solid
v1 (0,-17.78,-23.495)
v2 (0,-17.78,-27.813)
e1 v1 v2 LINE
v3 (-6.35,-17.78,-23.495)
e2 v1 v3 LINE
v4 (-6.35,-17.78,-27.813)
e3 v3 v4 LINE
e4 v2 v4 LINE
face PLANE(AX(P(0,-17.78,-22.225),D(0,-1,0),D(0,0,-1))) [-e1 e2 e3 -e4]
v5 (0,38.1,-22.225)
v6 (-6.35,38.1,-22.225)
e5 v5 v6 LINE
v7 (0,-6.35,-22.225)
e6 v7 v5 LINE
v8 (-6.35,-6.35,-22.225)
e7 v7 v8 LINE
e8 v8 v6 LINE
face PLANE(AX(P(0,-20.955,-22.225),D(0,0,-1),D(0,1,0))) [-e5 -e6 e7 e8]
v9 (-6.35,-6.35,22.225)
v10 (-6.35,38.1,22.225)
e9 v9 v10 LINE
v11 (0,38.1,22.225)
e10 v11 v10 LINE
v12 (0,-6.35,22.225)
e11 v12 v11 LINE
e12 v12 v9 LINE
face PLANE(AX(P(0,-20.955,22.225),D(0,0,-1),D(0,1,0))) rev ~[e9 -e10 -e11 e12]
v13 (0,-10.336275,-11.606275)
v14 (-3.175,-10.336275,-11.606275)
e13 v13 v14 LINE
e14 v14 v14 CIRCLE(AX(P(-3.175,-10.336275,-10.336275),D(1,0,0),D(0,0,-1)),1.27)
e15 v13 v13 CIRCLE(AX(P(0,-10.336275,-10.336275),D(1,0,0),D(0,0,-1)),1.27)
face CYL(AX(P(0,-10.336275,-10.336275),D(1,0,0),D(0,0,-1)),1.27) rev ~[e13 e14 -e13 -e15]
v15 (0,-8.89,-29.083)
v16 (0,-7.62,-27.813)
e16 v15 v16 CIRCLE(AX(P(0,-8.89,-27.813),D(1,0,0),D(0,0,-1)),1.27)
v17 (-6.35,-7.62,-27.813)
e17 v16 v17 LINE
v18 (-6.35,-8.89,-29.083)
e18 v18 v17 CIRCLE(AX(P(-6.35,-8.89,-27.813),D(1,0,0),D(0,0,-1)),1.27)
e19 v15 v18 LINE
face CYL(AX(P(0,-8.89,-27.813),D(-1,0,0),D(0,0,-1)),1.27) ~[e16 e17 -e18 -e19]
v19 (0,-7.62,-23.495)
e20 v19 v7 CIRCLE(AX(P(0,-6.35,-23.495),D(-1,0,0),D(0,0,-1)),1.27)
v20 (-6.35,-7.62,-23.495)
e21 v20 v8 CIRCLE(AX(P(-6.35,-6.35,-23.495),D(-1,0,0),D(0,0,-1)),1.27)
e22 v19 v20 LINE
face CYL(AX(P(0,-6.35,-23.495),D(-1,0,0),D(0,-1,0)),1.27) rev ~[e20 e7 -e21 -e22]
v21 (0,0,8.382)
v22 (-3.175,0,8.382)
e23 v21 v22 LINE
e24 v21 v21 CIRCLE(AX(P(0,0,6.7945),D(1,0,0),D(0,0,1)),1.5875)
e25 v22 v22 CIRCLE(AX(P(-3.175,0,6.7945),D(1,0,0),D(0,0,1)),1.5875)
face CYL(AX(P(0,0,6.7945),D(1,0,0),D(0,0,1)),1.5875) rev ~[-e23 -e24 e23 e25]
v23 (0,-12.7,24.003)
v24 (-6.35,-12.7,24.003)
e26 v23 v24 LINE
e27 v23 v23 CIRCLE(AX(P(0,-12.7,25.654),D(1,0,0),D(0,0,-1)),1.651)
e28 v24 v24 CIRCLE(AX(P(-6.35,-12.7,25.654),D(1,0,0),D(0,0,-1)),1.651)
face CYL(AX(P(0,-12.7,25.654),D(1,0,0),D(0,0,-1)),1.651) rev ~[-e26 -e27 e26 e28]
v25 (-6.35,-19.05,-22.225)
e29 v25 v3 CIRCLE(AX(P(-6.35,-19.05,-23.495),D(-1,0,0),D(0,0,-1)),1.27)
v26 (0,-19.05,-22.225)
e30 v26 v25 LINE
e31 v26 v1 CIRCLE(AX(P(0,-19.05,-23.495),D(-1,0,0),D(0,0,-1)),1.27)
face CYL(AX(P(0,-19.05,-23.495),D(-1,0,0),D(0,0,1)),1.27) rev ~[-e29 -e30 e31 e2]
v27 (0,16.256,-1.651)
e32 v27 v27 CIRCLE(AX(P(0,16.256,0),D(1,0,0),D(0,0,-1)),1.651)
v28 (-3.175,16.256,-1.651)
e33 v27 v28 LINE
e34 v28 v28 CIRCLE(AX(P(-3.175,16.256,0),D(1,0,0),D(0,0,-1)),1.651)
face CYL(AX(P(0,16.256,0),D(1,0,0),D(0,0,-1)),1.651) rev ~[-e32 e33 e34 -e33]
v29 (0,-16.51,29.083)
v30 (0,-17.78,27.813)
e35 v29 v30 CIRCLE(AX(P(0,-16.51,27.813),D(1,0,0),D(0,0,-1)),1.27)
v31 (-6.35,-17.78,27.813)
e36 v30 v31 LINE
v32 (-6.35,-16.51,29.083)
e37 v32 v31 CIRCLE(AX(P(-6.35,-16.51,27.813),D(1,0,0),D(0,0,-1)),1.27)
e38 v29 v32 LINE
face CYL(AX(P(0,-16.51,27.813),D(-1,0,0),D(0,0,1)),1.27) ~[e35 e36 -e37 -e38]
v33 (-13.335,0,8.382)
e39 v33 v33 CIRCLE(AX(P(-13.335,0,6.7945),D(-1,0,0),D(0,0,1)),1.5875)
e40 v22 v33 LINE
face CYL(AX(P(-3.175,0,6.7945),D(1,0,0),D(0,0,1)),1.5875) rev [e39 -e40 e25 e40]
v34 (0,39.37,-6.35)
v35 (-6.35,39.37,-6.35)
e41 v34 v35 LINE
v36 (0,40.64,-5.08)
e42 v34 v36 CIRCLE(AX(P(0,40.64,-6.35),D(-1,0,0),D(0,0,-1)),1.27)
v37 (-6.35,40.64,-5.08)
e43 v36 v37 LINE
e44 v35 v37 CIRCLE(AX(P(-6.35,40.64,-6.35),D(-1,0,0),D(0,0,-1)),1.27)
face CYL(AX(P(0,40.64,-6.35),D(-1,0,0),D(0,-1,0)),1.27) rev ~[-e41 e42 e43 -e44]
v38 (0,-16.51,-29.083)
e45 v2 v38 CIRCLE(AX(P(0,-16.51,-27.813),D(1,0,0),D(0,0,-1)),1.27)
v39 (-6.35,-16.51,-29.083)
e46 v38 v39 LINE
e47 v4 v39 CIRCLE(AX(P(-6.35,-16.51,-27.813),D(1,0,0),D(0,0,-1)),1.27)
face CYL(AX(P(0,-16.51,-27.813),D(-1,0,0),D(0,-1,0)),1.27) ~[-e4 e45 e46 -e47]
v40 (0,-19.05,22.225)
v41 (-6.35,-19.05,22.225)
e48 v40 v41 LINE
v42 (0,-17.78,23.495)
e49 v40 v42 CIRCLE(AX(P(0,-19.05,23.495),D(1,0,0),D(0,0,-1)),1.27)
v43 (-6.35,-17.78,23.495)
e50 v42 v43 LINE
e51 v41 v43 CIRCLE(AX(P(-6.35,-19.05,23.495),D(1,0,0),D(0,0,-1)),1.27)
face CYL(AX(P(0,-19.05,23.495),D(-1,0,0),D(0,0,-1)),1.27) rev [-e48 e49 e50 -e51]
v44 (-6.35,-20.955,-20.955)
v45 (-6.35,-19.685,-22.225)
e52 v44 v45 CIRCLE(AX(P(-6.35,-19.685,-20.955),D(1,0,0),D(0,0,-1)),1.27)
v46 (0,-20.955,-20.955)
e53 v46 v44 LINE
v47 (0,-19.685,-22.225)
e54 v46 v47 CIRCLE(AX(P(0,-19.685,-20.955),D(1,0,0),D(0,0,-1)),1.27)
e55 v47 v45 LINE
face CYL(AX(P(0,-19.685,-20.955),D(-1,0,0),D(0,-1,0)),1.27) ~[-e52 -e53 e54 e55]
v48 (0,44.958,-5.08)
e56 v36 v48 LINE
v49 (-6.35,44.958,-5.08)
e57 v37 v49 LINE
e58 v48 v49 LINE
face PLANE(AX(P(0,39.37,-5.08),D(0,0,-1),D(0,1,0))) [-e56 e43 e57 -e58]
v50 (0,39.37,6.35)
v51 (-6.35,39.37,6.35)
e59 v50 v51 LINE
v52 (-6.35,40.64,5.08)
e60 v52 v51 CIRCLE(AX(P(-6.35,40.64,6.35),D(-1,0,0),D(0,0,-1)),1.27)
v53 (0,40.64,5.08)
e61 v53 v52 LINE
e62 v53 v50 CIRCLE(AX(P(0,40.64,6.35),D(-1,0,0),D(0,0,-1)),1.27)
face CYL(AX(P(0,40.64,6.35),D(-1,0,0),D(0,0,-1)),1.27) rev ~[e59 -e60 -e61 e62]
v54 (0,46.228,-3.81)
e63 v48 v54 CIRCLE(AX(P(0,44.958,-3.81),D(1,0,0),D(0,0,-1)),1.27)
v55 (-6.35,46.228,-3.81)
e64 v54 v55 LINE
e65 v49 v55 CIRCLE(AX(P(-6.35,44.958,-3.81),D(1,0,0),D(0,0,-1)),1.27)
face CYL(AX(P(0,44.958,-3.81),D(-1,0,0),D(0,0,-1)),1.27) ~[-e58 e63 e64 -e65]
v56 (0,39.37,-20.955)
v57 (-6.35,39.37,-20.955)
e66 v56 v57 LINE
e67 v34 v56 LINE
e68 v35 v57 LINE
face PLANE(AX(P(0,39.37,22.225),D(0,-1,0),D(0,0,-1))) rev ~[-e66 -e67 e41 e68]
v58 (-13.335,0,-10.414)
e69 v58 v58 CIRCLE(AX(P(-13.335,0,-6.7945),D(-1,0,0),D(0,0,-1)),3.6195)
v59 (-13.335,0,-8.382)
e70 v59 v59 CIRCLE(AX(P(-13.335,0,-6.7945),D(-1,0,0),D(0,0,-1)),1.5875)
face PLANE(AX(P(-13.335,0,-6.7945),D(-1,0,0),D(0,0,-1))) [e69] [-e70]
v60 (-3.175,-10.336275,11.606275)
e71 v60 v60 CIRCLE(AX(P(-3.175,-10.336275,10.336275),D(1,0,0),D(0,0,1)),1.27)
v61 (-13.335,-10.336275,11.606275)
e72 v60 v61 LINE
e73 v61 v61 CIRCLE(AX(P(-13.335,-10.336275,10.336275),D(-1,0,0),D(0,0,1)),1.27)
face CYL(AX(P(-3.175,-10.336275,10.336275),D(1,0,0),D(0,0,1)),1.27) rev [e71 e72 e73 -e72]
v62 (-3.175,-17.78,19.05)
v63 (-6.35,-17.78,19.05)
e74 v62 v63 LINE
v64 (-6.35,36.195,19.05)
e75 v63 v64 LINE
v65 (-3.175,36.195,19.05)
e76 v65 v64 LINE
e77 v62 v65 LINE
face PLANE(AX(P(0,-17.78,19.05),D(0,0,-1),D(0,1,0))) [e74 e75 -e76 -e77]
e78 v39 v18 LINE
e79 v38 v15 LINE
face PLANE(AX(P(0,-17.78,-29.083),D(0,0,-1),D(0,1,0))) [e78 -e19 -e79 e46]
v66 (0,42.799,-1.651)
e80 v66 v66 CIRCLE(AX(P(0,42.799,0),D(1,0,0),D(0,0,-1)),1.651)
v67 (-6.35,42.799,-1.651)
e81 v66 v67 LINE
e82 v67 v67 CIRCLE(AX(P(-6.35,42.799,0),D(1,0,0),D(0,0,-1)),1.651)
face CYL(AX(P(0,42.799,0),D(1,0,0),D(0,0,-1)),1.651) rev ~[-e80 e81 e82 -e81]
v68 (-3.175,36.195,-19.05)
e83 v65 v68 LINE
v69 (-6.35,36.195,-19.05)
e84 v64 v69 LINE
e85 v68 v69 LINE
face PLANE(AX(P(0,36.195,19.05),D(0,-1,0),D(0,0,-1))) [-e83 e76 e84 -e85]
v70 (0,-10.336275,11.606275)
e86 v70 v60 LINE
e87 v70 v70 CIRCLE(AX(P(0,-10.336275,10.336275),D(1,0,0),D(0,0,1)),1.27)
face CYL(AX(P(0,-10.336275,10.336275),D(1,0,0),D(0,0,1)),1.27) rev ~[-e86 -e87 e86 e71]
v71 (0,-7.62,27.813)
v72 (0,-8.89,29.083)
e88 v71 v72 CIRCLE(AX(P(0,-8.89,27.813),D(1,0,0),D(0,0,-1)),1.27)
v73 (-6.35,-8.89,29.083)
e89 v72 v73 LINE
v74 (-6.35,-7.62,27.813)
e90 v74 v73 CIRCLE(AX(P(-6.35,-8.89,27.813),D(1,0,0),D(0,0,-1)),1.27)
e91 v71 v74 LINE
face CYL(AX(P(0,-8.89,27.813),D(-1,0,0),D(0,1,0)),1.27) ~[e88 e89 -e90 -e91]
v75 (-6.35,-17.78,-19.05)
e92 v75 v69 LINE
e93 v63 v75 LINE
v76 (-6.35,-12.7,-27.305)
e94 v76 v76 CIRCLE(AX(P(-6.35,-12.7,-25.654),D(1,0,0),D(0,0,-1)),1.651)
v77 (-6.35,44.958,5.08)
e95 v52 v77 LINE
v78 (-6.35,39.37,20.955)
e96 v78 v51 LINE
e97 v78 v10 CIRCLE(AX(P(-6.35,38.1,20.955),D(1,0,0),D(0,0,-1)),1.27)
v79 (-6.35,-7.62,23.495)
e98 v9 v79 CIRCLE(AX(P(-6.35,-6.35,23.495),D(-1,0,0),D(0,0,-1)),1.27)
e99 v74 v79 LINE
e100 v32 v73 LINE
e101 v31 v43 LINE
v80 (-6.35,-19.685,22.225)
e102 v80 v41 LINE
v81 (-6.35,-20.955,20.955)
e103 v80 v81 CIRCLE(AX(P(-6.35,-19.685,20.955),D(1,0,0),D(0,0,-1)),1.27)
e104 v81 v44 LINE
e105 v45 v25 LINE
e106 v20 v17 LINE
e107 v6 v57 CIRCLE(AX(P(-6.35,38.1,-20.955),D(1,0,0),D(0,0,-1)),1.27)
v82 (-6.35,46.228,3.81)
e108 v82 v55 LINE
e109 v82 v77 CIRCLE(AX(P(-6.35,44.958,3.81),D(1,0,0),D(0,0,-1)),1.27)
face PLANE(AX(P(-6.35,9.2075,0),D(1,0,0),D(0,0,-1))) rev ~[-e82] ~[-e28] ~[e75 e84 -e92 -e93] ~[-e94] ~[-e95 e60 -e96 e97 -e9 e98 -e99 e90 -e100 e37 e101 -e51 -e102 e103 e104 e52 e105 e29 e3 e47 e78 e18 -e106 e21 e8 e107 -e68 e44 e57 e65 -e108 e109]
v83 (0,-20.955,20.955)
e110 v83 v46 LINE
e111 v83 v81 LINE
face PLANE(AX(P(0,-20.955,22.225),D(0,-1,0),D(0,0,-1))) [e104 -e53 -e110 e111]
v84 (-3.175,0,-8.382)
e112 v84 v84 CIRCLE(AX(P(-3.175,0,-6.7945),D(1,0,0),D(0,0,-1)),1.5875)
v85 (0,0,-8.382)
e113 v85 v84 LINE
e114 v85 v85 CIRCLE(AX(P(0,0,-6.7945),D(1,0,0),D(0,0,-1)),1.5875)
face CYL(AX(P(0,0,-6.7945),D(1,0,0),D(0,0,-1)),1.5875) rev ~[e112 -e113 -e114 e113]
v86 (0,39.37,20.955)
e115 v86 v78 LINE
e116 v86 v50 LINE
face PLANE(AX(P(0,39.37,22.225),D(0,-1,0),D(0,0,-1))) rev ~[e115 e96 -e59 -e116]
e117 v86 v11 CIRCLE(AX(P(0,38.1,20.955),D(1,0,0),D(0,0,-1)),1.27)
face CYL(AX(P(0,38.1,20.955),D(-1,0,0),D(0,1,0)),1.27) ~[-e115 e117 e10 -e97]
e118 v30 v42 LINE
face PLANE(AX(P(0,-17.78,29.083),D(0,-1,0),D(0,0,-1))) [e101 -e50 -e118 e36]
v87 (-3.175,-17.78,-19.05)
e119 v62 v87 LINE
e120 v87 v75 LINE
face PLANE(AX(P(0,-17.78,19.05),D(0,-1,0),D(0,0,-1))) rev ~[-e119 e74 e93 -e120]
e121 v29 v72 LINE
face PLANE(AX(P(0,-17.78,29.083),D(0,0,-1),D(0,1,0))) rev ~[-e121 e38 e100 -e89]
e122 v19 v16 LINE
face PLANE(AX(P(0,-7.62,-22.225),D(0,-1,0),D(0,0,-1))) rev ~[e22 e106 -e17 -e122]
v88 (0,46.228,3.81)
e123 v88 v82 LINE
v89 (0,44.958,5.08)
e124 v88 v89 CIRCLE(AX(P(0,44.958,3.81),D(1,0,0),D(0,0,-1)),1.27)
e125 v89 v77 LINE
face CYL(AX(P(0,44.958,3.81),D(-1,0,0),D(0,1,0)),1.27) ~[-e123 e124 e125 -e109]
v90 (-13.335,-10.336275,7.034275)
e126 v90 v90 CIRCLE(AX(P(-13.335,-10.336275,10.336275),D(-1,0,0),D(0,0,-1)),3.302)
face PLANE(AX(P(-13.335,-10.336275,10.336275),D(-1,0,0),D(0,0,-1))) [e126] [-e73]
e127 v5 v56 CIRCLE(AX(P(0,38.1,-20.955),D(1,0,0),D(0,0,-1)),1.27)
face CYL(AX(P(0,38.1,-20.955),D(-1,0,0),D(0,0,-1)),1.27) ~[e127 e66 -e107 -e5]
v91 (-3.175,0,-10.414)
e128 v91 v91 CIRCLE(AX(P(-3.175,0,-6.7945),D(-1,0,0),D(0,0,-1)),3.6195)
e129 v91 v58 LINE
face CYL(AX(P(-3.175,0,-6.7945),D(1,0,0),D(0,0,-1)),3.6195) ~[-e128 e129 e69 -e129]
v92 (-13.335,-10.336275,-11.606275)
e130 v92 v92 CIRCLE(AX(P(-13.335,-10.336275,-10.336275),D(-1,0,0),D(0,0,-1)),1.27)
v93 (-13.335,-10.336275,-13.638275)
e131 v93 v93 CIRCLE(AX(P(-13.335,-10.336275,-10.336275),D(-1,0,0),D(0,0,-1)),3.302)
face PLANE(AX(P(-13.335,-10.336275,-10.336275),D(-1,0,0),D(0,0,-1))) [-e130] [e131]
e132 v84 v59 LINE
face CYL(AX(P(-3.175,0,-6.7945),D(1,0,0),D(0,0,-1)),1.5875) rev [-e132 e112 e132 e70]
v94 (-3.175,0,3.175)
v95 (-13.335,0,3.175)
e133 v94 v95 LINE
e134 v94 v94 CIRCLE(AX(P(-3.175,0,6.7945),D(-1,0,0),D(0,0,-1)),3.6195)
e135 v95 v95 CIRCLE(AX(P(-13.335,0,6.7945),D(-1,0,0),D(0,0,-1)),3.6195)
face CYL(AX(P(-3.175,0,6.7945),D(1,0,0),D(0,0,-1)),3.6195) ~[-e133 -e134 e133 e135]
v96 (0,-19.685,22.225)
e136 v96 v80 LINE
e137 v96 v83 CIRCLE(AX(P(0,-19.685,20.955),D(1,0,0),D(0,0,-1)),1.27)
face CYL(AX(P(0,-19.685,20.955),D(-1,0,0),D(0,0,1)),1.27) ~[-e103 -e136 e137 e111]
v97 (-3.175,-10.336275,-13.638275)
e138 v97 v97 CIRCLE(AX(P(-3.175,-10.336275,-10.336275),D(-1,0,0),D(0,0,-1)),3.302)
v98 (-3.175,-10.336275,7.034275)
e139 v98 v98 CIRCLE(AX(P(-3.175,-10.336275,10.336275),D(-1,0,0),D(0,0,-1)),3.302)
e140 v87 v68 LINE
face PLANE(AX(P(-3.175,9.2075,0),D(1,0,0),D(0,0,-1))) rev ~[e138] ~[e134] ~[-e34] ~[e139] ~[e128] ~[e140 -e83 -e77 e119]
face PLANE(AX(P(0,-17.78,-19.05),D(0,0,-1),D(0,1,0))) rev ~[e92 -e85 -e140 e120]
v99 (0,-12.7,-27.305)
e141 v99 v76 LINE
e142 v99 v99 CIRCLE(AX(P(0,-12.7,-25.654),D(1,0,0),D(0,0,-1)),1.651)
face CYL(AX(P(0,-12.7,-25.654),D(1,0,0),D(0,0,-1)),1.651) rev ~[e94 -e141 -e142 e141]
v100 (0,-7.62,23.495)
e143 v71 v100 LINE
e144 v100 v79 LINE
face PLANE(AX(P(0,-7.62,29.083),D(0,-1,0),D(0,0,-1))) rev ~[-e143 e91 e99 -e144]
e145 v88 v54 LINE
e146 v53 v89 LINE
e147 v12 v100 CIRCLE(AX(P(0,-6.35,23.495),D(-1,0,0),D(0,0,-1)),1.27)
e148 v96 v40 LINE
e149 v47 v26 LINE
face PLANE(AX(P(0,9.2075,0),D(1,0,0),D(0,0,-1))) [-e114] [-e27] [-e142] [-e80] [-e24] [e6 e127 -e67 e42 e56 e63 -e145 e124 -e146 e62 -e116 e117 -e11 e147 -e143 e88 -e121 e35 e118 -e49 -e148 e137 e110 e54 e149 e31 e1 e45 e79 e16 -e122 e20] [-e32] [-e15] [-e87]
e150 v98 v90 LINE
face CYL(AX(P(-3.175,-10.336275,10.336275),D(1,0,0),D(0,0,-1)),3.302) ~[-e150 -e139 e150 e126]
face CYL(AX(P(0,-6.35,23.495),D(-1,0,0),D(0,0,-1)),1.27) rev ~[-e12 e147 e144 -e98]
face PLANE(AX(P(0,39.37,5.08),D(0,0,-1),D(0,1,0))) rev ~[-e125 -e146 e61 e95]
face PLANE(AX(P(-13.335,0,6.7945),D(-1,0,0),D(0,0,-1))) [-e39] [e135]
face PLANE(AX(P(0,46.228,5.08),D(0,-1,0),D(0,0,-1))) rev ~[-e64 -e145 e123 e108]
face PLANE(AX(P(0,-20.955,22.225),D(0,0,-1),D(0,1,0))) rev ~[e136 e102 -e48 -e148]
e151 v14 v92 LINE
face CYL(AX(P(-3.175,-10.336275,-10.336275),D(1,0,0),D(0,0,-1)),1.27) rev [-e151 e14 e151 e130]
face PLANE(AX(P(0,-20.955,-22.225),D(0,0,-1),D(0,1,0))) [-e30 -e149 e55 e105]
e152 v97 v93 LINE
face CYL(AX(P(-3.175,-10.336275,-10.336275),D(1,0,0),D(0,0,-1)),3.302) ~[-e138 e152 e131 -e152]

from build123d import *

# Parameters (mm, degrees)
SKETCH11_W          = 38.1
SKETCH11_H          = 53.975
SKETCH11_R          = 1.651
SKETCH11_R_2        = 1.5875
SKETCH11_R_3        = 1.27
BOSS_EXTRUDE1_DEPTH = 3.175
SKETCH12_W          = 44.45
SKETCH12_H          = 60.325
SKETCH12_W_2        = 38.1
SKETCH12_H_2        = 53.975
BOSS_EXTRUDE2_DEPTH = 6.35
SKETCH13_W          = 6.858
SKETCH13_H          = 10.16
SKETCH13_R          = 1.651
SKETCH13_W_2        = 10.16
SKETCH13_H_2        = 6.858
BOSS_EXTRUDE3_DEPTH = 6.35
SKETCH14_R          = 3.6195
SKETCH14_R_2        = 1.5875
SKETCH14_R_3        = 3.302
SKETCH14_R_4        = 1.27
BOSS_EXTRUDE4_DEPTH = 10.16
FILLET2_R           = 1.27


with BuildPart() as part:
    # Sketch11 → Boss-Extrude1 (new body)
    with BuildSketch(Plane(origin=(0, 0, 0), x_dir=(0, 0, -1), z_dir=(1, 0, 0))):
        with Locations((0, 9.2075)):
            Rectangle(SKETCH11_W, SKETCH11_H)
        with Locations((0, 16.256)):
            Circle(SKETCH11_R, mode=Mode.SUBTRACT)
        with Locations((6.7945, 0)):
            Circle(SKETCH11_R_2, mode=Mode.SUBTRACT)
        with Locations((10.336274795, -10.336274795)):
            Circle(SKETCH11_R_3, mode=Mode.SUBTRACT)
        with Locations(Location((-10.336274795, -10.336274795, 0), (0, 0, 180))):
            Circle(SKETCH11_R_3, mode=Mode.SUBTRACT)
        with Locations(Location((-6.7945, 0, 0), (0, 0, 180))):
            Circle(SKETCH11_R_2, mode=Mode.SUBTRACT)
    extrude(amount=-BOSS_EXTRUDE1_DEPTH)

    # Sketch12 → Boss-Extrude2 (add)
    with BuildSketch(Plane(origin=(0, 0, 0), x_dir=(0, 0, -1), z_dir=(1, 0, 0))):
        with Locations((0, 9.2075)):
            Rectangle(SKETCH12_W, SKETCH12_H)
        with Locations((0, 9.2075)):
            Rectangle(SKETCH12_W_2, SKETCH12_H_2, mode=Mode.SUBTRACT)
    extrude(amount=-BOSS_EXTRUDE2_DEPTH)

    # Sketch13 → Boss-Extrude3 (add)
    # profile 1 of 3: a face of its own
    with BuildSketch(Plane(origin=(0, 0, 0), x_dir=(0, 0, -1), z_dir=(1, 0, 0))):
        with Locations((-25.654, -12.7)):
            Rectangle(SKETCH13_W, SKETCH13_H)
        with Locations((-25.654, -12.7)):
            Circle(SKETCH13_R, mode=Mode.SUBTRACT)
    # profile 2 of 3: a face of its own
    with BuildSketch(Plane(origin=(0, 0, 0), x_dir=(0, 0, -1), z_dir=(1, 0, 0))):
        with Locations((0, 42.799)):
            Rectangle(SKETCH13_W_2, SKETCH13_H_2)
        with Locations((0, 42.799)):
            Circle(SKETCH13_R, mode=Mode.SUBTRACT)
    # profile 3 of 3: a face of its own
    with BuildSketch(Plane(origin=(0, 0, 0), x_dir=(0, 0, -1), z_dir=(1, 0, 0))):
        with Locations((25.654, -12.7)):
            Rectangle(SKETCH13_W, SKETCH13_H)
        with Locations((25.654, -12.7)):
            Circle(SKETCH13_R, mode=Mode.SUBTRACT)
    extrude(amount=-BOSS_EXTRUDE3_DEPTH)

    # Sketch14 → Boss-Extrude4 (add)
    # profile 1 of 4: a face of its own
    with BuildSketch(Plane.ZY.offset(3.175)):
        with Locations(Location((-6.7945, 0, 0), (0, 0, 180))):
            Circle(SKETCH14_R)
        with Locations(Location((-6.7945, 0, 0), (0, 0, 180))):
            Circle(SKETCH14_R_2, mode=Mode.SUBTRACT)
    # profile 2 of 4: a face of its own
    with BuildSketch(Plane.ZY.offset(3.175)):
        with Locations(Location((6.7945, 0, 0), (0, 0, 180))):
            Circle(SKETCH14_R)
        with Locations((6.7945, 0)):
            Circle(SKETCH14_R_2, mode=Mode.SUBTRACT)
    # profile 3 of 4: a face of its own
    with BuildSketch(Plane.ZY.offset(3.175)):
        with Locations(Location((-10.336274795, -10.336274795, 0), (0, 0, 180))):
            Circle(SKETCH14_R_3)
        with Locations(Location((-10.336274795, -10.336274795, 0), (0, 0, 180))):
            Circle(SKETCH14_R_4, mode=Mode.SUBTRACT)
    # profile 4 of 4: a face of its own
    with BuildSketch(Plane.ZY.offset(3.175)):
        with Locations(Location((10.336274795, -10.336274795, 0), (0, 0, 180))):
            Circle(SKETCH14_R_3)
        with Locations((10.336274795, -10.336274795)):
            Circle(SKETCH14_R_4, mode=Mode.SUBTRACT)
    extrude(amount=BOSS_EXTRUDE4_DEPTH)

    # Fillet2
    fillet2_edges = [part.edges().sort_by_distance(p)[0] for p in [
        (-3.175, 39.37, 22.225),
        (-3.175, 39.37, -22.225),
        (-3.175, -20.955, -22.225),
        (-3.175, -20.955, 22.225),
        (-3.175, -7.62, 29.083),
        (-3.175, -17.78, 29.083),
        (-3.175, -17.78, 22.225),
        (-3.175, -7.62, 22.225),
        (-3.175, 46.228, 5.08),
        (-3.175, 39.37, 5.08),
        (-3.175, 39.37, -5.08),
        (-3.175, 46.228, -5.08),
        (-3.175, -17.78, -29.083),
        (-3.175, -7.62, -29.083),
        (-3.175, -7.62, -22.225),
        (-3.175, -17.78, -22.225),
    ]]
    fillet(fillet2_edges, radius=FILLET2_R)


solid = part.part
